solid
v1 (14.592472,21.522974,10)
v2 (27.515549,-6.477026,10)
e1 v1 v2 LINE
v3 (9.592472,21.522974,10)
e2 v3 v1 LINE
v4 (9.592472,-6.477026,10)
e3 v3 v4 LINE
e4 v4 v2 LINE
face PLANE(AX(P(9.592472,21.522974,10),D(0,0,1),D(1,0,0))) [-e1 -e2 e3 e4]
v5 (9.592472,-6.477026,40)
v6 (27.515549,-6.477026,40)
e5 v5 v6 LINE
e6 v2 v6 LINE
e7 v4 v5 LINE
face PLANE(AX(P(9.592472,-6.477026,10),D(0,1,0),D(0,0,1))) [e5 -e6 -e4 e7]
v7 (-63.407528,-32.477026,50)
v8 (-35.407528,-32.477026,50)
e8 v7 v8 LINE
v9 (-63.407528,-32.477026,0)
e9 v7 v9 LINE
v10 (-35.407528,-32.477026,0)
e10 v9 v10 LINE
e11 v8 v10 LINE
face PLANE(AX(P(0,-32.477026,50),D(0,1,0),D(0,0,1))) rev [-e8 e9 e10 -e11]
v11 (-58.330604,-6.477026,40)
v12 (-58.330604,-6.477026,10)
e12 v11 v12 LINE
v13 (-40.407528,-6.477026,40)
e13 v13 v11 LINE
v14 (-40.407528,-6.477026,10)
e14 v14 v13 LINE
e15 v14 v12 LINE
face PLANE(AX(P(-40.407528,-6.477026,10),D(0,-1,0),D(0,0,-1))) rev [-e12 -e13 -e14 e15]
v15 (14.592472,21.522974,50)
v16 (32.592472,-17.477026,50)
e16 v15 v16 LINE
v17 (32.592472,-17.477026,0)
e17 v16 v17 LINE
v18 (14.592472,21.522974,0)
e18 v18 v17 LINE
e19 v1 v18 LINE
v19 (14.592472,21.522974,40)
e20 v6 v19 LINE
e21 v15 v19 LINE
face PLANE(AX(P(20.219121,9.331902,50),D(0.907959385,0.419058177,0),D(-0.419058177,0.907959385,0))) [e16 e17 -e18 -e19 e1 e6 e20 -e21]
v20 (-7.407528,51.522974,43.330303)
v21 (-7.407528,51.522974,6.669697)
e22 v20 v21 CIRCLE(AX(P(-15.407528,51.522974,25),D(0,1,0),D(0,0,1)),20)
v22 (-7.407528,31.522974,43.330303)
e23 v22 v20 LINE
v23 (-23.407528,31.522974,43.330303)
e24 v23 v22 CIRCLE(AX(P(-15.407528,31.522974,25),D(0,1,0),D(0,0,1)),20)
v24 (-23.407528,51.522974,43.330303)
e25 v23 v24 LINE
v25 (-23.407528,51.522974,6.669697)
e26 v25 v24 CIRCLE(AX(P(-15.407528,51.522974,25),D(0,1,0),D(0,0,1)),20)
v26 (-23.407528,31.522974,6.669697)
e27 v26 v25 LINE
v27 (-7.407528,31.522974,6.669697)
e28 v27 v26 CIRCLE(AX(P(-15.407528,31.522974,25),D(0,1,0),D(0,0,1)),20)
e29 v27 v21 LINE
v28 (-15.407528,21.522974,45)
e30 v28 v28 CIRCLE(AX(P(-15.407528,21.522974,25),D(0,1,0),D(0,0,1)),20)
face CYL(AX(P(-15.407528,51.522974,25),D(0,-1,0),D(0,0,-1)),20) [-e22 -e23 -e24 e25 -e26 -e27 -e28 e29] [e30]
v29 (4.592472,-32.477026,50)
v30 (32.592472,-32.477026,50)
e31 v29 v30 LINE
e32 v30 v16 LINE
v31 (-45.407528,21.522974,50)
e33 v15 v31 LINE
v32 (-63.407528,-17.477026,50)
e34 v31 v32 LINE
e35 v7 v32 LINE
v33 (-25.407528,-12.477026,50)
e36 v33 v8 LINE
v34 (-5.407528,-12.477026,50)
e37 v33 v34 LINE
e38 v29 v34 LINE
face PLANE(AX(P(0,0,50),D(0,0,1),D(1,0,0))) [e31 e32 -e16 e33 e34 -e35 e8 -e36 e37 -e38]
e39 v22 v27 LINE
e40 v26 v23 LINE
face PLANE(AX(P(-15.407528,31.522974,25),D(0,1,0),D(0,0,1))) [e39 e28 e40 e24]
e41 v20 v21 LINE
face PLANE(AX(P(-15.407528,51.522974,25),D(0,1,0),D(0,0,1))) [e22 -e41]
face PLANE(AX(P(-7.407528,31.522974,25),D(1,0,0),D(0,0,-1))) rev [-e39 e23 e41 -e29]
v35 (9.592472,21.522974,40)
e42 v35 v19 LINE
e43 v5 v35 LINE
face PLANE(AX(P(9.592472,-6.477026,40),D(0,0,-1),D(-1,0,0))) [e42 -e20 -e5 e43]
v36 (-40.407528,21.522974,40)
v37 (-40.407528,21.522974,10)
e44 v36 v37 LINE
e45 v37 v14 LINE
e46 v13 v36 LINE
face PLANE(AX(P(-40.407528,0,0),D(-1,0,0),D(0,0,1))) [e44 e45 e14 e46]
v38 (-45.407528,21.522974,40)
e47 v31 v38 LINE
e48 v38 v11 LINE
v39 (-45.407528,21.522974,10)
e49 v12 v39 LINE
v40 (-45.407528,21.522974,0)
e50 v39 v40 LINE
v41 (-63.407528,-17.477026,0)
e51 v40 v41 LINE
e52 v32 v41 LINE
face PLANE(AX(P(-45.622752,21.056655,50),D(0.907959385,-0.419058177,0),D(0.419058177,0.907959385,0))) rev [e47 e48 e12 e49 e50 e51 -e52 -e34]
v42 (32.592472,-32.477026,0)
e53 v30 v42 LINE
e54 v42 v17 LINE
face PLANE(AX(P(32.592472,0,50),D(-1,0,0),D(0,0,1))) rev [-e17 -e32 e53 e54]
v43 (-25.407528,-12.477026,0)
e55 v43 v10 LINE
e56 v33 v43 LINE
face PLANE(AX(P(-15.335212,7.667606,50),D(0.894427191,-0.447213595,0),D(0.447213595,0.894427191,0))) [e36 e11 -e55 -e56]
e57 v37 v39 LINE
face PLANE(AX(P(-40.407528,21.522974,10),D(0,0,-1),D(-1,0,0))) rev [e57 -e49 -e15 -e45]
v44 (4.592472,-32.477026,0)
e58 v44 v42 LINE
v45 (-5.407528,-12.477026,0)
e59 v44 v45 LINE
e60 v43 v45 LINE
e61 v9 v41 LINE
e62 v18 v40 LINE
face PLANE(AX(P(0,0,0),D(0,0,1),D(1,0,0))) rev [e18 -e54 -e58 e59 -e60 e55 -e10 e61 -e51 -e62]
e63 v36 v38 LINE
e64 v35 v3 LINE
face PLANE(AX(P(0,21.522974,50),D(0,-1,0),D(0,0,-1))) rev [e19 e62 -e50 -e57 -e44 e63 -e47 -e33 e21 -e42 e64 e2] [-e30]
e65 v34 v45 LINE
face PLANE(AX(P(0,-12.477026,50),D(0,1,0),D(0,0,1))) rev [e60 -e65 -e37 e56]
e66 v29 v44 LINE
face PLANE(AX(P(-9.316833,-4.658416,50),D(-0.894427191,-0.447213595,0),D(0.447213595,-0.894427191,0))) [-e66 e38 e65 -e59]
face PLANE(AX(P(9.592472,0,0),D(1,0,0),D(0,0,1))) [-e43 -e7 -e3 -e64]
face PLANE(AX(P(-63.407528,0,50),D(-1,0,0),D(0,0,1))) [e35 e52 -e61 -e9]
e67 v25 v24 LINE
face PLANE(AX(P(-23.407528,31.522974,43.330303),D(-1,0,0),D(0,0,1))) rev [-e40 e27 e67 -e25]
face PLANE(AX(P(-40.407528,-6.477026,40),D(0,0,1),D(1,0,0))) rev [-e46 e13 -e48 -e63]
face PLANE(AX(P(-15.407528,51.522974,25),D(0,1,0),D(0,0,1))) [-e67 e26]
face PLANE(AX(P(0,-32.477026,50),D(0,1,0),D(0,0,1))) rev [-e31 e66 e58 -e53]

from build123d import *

# Parameters (mm, degrees)
BOSS_EXTRUDE1_DEPTH = 50
SKETCH2_R           = 20
BOSS_EXTRUDE2_DEPTH = 30
CUT_EXTRUDE1_START  = -20
CUT_EXTRUDE1_DEPTH  = 20
SKETCH4_W           = 30
SKETCH4_H           = 28
CUT_EXTRUDE2_DEPTH  = 23


with BuildPart() as part:
    # Sketch1 → Boss-Extrude1 (new body)
    with BuildSketch(Plane.XY):
        Polygon((14.59247247, 21.522973704), (-45.40752753, 21.522973704), (-63.40752753, -17.477026296), (-63.40752753, -32.477026296), (-35.40752753, -32.477026296), (-25.40752753, -12.477026296), (-5.40752753, -12.477026296), (4.59247247, -32.477026296), (32.59247247, -32.477026296), (32.59247247, -17.477026296), align=None)
    extrude(amount=BOSS_EXTRUDE1_DEPTH)

    # Sketch2 → Boss-Extrude2 (add)
    with BuildSketch(Plane(origin=(0, 21.522973704, 0), x_dir=(1, 0, 0), z_dir=(0, 1, 0))):
        with Locations(Location((-15.40752753, -25, 0), (0, 0, 270))):
            Circle(SKETCH2_R)
    extrude(amount=BOSS_EXTRUDE2_DEPTH)

    # Sketch3 → Cut-Extrude1 (cut)
    with BuildSketch(Plane(origin=(0, 51.522973704, 0), x_dir=(1, 0, 0), z_dir=(0, 1, 0)).offset(CUT_EXTRUDE1_START)):
        with BuildLine():
            Line((-7.40752753, -25), (-7.40752753, -6.66969722))
            ThreePointArc((-7.40752753, -6.66969722), (-15.40752753, -5), (-23.40752753, -6.66969722))
            Line((-23.40752753, -6.66969722), (-23.40752753, -43.33030278))
            ThreePointArc((-23.40752753, -43.33030278), (-15.40752753, -45), (-7.40752753, -43.33030278))
            Line((-7.40752753, -43.33030278), (-7.40752753, -25))
        make_face()
    extrude(amount=CUT_EXTRUDE1_DEPTH, mode=Mode.SUBTRACT)

    # Sketch4 → Cut-Extrude2 (cut)
    with BuildSketch(Plane.ZY.offset(63.40752753)):
        with Locations((25, 7.522973704)):
            Rectangle(SKETCH4_W, SKETCH4_H)
    cut_extrude2 = extrude(amount=-CUT_EXTRUDE2_DEPTH, mode=Mode.SUBTRACT)

    # Mirror1: Cut-Extrude2 across plane
    add(cut_extrude2.mirror(Plane(origin=(-15.40752753, 0, 0), x_dir=(0, 0, 1), z_dir=(1, 0, 0))), mode=Mode.SUBTRACT)


solid = part.part
